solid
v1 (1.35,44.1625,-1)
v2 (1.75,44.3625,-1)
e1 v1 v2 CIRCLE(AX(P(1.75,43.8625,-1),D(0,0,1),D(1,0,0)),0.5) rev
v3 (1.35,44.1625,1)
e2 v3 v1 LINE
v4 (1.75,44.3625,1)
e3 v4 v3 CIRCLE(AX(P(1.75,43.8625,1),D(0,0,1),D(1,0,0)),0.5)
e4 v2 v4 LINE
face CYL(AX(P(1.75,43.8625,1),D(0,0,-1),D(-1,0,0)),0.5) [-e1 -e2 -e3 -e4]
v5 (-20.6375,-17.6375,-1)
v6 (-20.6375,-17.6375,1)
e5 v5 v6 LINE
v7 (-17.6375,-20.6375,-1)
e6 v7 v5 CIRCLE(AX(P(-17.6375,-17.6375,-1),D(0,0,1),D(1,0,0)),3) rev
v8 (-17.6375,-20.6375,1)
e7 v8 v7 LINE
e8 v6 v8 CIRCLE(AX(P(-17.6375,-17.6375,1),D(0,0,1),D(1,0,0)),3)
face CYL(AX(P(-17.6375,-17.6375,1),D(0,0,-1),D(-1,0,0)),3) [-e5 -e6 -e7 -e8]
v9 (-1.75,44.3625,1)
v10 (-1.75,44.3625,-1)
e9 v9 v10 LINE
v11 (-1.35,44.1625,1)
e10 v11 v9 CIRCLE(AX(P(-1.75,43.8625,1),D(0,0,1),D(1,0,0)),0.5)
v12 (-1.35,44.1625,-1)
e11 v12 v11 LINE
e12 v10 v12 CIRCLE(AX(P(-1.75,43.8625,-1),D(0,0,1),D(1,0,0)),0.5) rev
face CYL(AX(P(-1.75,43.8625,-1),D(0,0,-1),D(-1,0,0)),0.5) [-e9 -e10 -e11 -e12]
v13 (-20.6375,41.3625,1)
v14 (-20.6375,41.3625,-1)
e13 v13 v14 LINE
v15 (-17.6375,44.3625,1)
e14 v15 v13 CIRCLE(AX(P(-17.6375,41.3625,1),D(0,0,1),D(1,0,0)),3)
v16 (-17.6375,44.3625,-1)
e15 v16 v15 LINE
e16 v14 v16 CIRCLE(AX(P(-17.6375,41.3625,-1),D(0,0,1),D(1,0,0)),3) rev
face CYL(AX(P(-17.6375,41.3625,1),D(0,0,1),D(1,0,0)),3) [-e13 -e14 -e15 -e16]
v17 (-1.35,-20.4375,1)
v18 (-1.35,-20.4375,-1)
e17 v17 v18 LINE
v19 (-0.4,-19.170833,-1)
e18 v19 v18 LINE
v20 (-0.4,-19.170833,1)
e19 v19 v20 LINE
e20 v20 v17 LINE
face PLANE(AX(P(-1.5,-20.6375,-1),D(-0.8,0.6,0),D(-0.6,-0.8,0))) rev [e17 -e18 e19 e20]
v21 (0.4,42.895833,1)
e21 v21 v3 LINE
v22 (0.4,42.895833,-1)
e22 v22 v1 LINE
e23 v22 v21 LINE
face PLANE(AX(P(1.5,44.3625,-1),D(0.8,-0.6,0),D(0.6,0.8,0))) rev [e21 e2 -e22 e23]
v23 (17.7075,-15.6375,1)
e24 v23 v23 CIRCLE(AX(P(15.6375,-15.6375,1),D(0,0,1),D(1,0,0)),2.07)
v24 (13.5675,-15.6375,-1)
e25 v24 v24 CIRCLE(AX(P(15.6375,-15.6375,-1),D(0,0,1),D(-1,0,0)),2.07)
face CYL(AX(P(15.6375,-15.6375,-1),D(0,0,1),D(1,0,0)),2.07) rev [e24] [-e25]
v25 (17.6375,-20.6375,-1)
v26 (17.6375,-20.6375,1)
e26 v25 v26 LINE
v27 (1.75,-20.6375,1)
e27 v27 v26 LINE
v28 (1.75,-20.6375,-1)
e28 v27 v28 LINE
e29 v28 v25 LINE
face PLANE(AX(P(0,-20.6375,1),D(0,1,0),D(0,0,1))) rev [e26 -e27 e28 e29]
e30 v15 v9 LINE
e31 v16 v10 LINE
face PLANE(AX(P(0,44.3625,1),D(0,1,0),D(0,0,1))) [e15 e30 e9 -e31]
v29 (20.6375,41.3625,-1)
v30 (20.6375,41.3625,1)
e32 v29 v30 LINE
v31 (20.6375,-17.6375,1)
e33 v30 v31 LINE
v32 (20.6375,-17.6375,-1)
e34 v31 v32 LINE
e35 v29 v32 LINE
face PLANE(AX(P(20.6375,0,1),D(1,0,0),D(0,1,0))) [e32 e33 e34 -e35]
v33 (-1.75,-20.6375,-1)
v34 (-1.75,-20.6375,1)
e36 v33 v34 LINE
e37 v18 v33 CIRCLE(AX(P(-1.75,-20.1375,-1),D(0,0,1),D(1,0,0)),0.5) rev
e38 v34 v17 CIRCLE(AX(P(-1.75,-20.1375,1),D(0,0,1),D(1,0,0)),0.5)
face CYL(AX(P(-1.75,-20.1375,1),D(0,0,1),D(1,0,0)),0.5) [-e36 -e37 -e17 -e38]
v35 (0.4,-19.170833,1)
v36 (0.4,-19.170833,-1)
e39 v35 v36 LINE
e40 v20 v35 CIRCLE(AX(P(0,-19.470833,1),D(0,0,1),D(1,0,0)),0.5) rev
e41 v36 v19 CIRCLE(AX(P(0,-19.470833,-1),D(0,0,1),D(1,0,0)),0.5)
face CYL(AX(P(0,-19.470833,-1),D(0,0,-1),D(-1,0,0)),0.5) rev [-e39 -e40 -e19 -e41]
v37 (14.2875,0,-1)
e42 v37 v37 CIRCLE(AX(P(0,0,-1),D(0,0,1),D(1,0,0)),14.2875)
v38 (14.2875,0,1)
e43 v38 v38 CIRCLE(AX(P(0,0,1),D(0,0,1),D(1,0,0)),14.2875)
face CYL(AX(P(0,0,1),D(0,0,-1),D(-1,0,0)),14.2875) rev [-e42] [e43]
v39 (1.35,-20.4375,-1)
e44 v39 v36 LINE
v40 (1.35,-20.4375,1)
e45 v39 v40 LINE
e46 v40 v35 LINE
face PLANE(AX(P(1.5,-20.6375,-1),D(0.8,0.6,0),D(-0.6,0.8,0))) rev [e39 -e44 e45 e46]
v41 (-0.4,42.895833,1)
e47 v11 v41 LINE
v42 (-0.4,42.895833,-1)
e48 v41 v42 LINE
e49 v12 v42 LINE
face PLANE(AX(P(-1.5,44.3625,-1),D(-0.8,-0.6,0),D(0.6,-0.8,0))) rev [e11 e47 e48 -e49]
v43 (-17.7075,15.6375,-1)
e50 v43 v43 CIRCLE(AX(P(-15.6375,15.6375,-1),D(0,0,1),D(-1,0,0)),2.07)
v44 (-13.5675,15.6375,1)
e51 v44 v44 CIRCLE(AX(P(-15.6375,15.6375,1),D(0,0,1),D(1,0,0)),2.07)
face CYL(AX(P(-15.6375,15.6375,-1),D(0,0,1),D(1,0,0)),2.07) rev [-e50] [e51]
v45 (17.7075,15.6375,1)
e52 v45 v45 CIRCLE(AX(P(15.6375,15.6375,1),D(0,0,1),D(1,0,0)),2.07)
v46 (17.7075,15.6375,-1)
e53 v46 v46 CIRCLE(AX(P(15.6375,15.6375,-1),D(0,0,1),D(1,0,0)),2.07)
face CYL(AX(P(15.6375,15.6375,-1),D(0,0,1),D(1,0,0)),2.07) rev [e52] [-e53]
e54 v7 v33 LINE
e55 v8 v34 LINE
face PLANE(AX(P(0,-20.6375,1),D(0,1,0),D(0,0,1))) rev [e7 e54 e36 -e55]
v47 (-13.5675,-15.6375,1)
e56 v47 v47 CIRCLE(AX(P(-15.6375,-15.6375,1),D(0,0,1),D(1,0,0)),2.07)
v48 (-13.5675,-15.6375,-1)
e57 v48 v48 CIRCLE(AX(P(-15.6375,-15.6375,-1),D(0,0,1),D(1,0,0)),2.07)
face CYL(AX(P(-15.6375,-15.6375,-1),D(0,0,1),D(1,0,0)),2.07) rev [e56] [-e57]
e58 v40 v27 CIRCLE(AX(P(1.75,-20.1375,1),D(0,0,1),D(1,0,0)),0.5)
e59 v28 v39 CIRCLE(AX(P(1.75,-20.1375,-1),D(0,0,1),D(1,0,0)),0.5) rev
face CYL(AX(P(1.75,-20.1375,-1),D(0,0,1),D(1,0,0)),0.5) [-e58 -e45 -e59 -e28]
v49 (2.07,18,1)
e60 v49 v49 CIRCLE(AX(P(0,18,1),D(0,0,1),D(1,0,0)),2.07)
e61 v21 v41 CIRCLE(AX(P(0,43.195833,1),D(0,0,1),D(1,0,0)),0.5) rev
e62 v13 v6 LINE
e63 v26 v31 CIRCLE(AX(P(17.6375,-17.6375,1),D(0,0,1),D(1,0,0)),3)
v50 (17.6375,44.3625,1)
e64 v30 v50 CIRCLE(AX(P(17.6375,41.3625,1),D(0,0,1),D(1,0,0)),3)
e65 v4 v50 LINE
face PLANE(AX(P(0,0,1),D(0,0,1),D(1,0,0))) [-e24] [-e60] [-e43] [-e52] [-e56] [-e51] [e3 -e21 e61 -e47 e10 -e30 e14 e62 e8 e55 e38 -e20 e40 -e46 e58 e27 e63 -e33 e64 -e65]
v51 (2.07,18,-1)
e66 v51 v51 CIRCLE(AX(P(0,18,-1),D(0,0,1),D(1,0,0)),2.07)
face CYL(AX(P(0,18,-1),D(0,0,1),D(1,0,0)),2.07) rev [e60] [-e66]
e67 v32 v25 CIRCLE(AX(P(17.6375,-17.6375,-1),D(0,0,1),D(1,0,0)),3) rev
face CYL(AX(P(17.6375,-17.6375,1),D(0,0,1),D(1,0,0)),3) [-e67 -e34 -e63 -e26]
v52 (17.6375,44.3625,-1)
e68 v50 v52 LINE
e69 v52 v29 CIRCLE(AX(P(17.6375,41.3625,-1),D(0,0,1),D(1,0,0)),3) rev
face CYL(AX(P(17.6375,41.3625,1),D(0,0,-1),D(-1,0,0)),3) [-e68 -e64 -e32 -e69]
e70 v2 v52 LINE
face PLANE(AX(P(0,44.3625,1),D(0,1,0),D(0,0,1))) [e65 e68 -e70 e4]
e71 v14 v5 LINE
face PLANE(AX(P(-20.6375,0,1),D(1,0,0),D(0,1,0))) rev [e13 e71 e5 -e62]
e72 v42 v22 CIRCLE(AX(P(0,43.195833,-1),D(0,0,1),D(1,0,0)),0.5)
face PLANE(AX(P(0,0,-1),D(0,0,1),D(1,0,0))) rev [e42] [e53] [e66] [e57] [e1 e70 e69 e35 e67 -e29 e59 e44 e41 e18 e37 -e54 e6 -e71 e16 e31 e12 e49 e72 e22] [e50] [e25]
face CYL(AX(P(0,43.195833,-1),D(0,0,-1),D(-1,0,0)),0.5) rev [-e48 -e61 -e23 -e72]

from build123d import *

# Parameters (mm, degrees)
SKETCH2_R               = 20.6375
SKETCH2_R_2             = 14.2875
BOSS_EXTRUDE1_DEPTH     = 1
CUT_EXTRUDE1_DEPTH      = 49.96874322
CUT_EXTRUDE1_DEPTH_BACK = 49.96874322
SKETCH3_R               = 2.07
FILLET1_R               = 3
FILLET3_R               = 0.5


with BuildPart() as part:
    # Sketch2 → Boss-Extrude1 (new, symmetric)
    # profile 1 of 4: a face of its own
    with BuildSketch(Plane.XY):
        Circle(SKETCH2_R)
        Circle(SKETCH2_R_2, mode=Mode.SUBTRACT)
    # profile 2 of 4: a face of its own
    with BuildSketch(Plane.XY):
        with BuildLine():
            Line((-20.6375, 44.3625), (-20.6375, 0))
            ThreePointArc((-20.6375, 0), (0, 20.6375), (20.6375, 0))
            Line((20.6375, 0), (20.6375, 44.3625))
            Line((20.6375, 44.3625), (-20.6375, 44.3625))
        make_face()
    # profile 3 of 4: a face of its own
    with BuildSketch(Plane.XY):
        with BuildLine():
            ThreePointArc((20.6375, 0), (14.592916166, -14.592916227), (-8.6e-08, -20.6375))
            Line((-8.6e-08, -20.6375), (20.6375, -20.6375))
            Line((20.6375, -20.6375), (20.6375, 0))
        make_face()
    # profile 4 of 4: a face of its own
    with BuildSketch(Plane.XY):
        with BuildLine():
            Line((-20.6375, 0), (-20.6375, -20.6375))
            Line((-20.6375, -20.6375), (-8.6e-08, -20.6375))
            ThreePointArc((-8.6e-08, -20.6375), (-14.592916227, -14.592916166), (-20.6375, 0))
        make_face()
    extrude(amount=BOSS_EXTRUDE1_DEPTH, both=True)

    # Sketch3 → Cut-Extrude1 (cut, two sides: drawn at the far end of the back side and taken through both)
    with BuildSketch(Plane.XY.offset(1).offset(-CUT_EXTRUDE1_DEPTH_BACK)):
        with Locations((0, 18)):
            Circle(SKETCH3_R)
        with Locations((-15.6375, -15.6375)):
            Circle(SKETCH3_R)
        with Locations((15.6375, -15.6375)):
            Circle(SKETCH3_R)
        with Locations((15.6375, 15.6375)):
            Circle(SKETCH3_R)
        with Locations((-15.6375, 15.6375)):
            Circle(SKETCH3_R)
        Polygon((0, 44.3625), (-1.5, 44.3625), (0, 42.3625), (1.5, 44.3625), align=None)
        Polygon((1.5, -20.6375), (0, -18.6375), (-1.5, -20.6375), (0, -20.6375), align=None)
    extrude(amount=CUT_EXTRUDE1_DEPTH + CUT_EXTRUDE1_DEPTH_BACK, mode=Mode.SUBTRACT)

    # Fillet1
    fillet1_edges = [part.edges().sort_by_distance(p)[0] for p in [
        (-20.6375, -20.6375, 0),
        (-20.6375, 44.3625, 0),
        (20.6375, 44.3625, 0),
        (20.6375, -20.6375, 0),
    ]]
    fillet(fillet1_edges, radius=FILLET1_R)

    # Fillet3
    fillet3_edges = [part.edges().sort_by_distance(p)[0] for p in [
        (1.5, -20.6375, 0),
        (-1.5, -20.6375, 0),
        (0, -18.6375, 0),
        (1.5, 44.3625, 0),
        (0, 42.3625, 0),
        (-1.5, 44.3625, 0),
    ]]
    fillet(fillet3_edges, radius=FILLET3_R)


solid = part.part
